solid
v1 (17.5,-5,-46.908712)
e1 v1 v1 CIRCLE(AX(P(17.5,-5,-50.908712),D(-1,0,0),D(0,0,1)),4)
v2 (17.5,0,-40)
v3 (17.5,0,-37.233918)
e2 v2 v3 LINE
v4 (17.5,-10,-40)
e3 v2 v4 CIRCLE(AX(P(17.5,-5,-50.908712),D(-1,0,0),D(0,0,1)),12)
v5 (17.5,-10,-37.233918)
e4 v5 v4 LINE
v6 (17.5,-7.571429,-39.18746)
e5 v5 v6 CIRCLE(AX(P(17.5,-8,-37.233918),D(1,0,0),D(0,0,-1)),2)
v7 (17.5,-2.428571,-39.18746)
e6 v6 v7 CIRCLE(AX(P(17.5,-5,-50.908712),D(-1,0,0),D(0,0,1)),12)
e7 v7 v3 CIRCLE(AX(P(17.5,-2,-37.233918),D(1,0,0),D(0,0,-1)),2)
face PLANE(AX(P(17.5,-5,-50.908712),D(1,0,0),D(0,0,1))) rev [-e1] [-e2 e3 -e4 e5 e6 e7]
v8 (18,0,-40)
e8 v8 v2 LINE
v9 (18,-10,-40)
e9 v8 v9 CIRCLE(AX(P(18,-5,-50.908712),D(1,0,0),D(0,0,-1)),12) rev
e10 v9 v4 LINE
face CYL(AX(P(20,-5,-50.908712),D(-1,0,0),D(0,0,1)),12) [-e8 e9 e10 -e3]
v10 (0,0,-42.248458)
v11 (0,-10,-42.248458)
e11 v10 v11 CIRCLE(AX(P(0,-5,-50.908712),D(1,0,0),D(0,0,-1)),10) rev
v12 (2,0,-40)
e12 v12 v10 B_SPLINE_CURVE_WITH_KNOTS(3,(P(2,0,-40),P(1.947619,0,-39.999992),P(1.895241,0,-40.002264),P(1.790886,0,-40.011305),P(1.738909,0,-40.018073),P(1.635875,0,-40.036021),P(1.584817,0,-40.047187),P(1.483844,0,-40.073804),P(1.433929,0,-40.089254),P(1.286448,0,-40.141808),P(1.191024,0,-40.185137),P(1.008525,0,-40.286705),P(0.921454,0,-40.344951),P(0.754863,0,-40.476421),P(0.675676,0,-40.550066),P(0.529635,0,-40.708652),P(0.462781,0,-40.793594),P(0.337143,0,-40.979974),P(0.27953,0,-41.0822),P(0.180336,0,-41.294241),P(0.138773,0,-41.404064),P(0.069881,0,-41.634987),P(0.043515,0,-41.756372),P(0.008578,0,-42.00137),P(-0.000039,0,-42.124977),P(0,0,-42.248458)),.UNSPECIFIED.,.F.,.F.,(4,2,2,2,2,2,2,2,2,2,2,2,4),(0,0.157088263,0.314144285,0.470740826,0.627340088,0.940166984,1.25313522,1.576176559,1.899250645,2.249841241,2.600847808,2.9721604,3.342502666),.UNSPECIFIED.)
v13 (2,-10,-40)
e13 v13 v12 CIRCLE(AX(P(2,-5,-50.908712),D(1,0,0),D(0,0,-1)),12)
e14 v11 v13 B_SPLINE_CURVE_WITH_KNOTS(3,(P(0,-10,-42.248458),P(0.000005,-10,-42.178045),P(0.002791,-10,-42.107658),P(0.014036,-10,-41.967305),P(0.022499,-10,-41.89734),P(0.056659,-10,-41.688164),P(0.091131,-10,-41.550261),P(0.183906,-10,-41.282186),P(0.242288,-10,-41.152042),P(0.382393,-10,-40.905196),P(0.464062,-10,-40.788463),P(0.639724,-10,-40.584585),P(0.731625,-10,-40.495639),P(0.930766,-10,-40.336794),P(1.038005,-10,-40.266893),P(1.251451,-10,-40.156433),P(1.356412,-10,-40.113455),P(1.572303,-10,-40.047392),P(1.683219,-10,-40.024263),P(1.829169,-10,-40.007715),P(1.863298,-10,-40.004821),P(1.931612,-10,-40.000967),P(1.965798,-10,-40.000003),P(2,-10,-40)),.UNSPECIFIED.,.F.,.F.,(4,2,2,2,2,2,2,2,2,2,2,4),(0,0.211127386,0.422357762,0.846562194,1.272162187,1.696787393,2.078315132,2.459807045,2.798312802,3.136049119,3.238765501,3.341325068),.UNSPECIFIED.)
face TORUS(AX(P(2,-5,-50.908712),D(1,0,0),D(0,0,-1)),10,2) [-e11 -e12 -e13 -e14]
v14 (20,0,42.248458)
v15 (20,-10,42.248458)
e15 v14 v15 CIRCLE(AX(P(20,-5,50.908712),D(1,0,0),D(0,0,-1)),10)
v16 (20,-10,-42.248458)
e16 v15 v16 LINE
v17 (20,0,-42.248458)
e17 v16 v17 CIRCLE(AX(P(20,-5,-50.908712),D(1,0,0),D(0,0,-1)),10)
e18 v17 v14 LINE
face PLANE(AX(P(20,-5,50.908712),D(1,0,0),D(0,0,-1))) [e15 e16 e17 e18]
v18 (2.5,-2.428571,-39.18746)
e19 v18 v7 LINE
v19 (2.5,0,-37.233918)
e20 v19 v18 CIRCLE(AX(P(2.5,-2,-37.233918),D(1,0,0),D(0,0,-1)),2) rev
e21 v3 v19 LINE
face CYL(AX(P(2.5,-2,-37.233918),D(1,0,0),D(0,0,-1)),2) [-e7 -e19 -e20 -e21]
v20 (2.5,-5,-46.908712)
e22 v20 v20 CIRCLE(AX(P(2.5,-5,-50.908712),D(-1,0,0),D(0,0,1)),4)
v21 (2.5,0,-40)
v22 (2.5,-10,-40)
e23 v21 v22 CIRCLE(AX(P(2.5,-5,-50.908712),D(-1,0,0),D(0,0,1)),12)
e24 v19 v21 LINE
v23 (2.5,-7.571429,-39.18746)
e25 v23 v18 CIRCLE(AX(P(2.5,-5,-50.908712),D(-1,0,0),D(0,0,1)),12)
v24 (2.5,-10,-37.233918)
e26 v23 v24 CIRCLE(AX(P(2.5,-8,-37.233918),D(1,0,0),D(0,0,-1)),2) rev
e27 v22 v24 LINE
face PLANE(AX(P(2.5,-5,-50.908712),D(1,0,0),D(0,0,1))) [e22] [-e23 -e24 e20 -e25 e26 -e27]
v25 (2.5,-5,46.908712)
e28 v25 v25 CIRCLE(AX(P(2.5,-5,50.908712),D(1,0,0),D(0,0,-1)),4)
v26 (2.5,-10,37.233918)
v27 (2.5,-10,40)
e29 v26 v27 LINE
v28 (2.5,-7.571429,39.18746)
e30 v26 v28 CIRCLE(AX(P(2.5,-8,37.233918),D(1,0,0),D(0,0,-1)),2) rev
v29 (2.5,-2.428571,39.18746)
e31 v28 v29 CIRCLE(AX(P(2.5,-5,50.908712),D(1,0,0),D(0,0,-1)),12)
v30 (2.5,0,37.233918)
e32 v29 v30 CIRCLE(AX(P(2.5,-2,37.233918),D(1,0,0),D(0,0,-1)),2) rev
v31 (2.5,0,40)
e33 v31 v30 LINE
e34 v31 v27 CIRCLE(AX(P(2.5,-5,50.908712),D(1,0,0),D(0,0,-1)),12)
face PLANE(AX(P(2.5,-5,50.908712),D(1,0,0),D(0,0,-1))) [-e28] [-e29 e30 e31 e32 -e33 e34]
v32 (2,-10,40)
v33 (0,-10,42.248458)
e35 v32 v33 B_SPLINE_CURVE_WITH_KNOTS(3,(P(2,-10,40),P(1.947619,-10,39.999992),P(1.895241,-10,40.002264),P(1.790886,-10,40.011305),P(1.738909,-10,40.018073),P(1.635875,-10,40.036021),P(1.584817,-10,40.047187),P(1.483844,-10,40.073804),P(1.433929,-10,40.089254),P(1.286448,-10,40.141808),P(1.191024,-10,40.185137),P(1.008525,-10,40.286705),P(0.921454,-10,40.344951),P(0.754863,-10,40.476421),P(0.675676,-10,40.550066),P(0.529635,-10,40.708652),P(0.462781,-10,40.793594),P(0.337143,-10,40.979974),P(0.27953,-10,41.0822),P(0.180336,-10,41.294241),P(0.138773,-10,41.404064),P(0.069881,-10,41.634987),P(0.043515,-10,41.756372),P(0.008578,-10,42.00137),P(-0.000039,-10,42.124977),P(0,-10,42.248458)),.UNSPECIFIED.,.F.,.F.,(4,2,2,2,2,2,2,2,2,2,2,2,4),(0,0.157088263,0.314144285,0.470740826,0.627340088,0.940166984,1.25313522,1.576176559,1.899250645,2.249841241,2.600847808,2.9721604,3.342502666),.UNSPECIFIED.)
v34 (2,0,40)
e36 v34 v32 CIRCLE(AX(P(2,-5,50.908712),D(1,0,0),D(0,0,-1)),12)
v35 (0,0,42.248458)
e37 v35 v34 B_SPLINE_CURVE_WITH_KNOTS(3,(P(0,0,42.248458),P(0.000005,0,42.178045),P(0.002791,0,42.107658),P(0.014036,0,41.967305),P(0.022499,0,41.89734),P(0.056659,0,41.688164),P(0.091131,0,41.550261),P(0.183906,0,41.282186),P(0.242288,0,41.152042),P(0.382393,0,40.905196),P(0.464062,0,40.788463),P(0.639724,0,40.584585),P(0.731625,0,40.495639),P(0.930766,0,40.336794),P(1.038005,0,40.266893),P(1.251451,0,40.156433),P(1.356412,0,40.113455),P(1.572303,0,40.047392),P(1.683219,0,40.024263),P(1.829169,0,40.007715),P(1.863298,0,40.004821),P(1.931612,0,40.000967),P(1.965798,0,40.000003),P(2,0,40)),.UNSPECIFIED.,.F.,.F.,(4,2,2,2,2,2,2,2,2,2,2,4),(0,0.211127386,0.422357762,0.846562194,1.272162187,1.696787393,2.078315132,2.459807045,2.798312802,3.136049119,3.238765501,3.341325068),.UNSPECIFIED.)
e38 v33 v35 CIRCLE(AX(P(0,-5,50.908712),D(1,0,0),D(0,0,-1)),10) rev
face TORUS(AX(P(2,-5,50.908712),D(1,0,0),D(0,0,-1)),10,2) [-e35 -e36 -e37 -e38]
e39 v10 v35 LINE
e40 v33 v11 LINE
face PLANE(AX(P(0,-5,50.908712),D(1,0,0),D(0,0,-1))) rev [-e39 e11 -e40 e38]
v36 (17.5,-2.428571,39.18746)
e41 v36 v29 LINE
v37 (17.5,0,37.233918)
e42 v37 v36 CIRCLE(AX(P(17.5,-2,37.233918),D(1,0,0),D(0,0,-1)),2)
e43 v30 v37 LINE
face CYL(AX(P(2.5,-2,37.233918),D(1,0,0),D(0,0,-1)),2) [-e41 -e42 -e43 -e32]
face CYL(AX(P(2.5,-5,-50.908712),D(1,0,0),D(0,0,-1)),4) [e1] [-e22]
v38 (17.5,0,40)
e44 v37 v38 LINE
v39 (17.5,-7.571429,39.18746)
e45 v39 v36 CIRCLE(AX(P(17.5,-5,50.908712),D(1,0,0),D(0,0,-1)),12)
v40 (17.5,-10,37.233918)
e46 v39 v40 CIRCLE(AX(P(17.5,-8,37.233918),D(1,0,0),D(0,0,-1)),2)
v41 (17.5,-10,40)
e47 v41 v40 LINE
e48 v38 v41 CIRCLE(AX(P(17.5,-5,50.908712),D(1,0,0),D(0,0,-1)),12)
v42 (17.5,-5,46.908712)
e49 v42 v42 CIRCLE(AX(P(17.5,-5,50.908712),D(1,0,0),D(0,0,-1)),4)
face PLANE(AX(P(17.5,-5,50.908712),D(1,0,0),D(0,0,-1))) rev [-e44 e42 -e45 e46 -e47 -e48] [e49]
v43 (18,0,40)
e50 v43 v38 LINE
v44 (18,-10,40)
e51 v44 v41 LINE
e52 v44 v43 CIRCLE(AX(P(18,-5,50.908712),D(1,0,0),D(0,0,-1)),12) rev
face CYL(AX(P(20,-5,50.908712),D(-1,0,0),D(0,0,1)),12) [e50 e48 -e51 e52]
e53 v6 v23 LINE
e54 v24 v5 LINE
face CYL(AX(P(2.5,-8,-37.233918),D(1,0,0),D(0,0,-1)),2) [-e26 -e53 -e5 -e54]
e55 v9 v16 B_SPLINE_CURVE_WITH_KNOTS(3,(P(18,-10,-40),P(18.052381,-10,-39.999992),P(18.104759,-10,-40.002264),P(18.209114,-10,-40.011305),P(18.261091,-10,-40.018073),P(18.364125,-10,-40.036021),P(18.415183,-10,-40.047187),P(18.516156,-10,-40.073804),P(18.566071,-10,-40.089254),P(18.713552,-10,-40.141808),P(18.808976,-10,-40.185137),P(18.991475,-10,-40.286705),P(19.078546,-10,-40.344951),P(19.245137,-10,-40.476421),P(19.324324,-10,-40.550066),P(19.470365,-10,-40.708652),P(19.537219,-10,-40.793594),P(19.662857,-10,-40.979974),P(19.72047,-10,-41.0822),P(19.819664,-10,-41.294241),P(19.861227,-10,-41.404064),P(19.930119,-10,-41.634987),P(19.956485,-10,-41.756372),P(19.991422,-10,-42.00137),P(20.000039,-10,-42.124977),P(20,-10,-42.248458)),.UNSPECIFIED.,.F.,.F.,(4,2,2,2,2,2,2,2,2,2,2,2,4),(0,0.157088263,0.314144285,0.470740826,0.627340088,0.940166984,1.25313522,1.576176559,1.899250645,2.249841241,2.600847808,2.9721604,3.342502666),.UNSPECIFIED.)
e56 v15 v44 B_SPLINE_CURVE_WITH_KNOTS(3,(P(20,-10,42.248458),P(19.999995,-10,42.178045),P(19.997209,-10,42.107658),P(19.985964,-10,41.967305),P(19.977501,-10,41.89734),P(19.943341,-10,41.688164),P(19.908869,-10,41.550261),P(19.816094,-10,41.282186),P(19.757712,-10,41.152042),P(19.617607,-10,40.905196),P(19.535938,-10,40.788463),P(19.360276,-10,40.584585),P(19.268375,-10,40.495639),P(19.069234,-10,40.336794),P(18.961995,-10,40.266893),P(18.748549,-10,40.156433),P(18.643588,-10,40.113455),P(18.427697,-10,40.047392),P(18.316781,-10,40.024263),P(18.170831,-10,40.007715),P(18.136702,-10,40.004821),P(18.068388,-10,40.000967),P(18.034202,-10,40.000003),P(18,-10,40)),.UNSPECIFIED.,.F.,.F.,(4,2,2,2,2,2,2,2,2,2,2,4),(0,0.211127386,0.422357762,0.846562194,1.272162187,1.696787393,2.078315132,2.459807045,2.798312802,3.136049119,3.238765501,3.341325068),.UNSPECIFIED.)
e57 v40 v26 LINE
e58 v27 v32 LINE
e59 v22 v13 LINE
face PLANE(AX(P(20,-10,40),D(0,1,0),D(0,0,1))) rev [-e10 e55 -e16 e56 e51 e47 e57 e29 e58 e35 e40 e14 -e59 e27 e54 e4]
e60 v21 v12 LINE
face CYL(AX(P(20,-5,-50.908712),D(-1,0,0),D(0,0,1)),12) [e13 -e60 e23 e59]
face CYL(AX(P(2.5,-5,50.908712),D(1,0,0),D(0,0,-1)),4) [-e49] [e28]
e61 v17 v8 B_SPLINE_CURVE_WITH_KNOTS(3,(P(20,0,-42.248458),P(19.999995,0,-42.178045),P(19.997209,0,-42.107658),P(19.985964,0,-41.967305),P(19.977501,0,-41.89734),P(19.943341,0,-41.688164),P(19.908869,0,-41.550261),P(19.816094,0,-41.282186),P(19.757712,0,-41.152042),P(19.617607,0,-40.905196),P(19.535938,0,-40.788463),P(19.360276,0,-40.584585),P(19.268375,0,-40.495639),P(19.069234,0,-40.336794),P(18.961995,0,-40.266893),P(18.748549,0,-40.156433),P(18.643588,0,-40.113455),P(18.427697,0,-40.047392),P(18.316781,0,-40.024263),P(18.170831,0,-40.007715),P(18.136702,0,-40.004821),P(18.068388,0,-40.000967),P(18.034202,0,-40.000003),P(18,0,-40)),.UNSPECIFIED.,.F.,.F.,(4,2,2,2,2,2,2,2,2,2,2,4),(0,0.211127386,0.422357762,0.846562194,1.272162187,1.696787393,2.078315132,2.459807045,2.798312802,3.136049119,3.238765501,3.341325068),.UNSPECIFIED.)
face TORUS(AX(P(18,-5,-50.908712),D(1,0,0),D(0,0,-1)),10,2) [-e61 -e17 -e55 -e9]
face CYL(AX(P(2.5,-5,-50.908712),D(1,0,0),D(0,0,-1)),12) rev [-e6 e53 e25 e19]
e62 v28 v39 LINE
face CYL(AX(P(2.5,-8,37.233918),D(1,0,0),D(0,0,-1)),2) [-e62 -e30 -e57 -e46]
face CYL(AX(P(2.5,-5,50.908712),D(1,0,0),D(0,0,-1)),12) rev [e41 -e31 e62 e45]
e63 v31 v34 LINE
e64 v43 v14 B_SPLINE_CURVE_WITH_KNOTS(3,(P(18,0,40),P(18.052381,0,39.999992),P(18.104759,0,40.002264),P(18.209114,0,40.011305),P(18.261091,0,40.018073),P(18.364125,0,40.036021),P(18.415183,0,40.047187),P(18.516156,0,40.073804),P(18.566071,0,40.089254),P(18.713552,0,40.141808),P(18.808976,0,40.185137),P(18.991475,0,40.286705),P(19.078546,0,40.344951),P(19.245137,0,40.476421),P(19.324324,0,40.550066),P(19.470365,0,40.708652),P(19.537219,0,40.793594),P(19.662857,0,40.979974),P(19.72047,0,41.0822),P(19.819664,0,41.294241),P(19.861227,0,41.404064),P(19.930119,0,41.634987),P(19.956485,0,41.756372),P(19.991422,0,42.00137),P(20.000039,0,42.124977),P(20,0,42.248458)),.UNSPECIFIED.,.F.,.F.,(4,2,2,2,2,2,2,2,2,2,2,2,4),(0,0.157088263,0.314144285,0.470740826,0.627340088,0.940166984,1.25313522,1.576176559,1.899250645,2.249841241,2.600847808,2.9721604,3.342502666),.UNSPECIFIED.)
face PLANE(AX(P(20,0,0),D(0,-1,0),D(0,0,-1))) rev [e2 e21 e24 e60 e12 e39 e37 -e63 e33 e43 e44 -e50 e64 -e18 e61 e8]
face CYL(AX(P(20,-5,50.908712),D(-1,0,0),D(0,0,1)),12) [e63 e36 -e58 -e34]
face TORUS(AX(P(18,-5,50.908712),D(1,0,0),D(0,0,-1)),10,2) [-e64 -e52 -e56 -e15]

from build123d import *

# Parameters (mm, degrees)
BOSS_EXTRUDE1_DEPTH  = 20
CUT_EXTRUDE1_START   = -2.5
SKETCH2_R            = 12
SKETCH2_R_2          = 4
CUT_EXTRUDE1_DEPTH   = 15
FILLET1_R            = 2
FILLET1_OF_MIRROR1_R = 2


with BuildPart() as part:
    # Sketch1 → Boss-Extrude1 (new body)
    with BuildSketch(Plane(origin=(0, 0, 0), x_dir=(0, 0, -1), z_dir=(1, 0, 0))):
        with BuildLine():
            Line((0, 0), (-40, 0))
            ThreePointArc((-40, 0), (-62.908712115, -5), (-40, -10))
            Line((-40, -10), (0, -10))
            Line((0, -10), (0, 0))
        make_face()
    boss_extrude1 = extrude(amount=BOSS_EXTRUDE1_DEPTH)

    # Sketch2 → Cut-Extrude1 (cut)
    with BuildSketch(Plane(origin=(20, 0, 0), x_dir=(0, 0, -1), z_dir=(1, 0, 0)).offset(CUT_EXTRUDE1_START)):
        with Locations((-50.908712115, -5)):
            Circle(SKETCH2_R)
        with Locations((-50.908712115, -5)):
            Circle(SKETCH2_R_2, mode=Mode.SUBTRACT)
    cut_extrude1 = extrude(amount=-CUT_EXTRUDE1_DEPTH, mode=Mode.SUBTRACT)

    # Fillet1
    fillet1_edges = [part.edges().sort_by_distance(p)[0] for p in [
        (0, -5, 62.908712115),
        (20, -5, 62.908712115),
        (10, -10, 40),
        (10, 0, 40),
    ]]
    fillet(fillet1_edges, radius=FILLET1_R)

    # Mirror1: Boss-Extrude1, Cut-Extrude1 across plane
    add(boss_extrude1.mirror(Plane(origin=(20, -10, 0), x_dir=(1, 0, 0), z_dir=(0, 0, 1))))
    add(cut_extrude1.mirror(Plane(origin=(20, -10, 0), x_dir=(1, 0, 0), z_dir=(0, 0, 1))), mode=Mode.SUBTRACT)

    # Fillet1 of Mirror1
    fillet1_of_mirror1_edges = [part.edges().sort_by_distance(p)[0] for p in [
        (0, -5, -62.908712115),
        (20, -5, -62.908712115),
        (10, -10, -40),
        (10, 0, -40),
    ]]
    fillet(fillet1_of_mirror1_edges, radius=FILLET1_OF_MIRROR1_R)


solid = part.part
